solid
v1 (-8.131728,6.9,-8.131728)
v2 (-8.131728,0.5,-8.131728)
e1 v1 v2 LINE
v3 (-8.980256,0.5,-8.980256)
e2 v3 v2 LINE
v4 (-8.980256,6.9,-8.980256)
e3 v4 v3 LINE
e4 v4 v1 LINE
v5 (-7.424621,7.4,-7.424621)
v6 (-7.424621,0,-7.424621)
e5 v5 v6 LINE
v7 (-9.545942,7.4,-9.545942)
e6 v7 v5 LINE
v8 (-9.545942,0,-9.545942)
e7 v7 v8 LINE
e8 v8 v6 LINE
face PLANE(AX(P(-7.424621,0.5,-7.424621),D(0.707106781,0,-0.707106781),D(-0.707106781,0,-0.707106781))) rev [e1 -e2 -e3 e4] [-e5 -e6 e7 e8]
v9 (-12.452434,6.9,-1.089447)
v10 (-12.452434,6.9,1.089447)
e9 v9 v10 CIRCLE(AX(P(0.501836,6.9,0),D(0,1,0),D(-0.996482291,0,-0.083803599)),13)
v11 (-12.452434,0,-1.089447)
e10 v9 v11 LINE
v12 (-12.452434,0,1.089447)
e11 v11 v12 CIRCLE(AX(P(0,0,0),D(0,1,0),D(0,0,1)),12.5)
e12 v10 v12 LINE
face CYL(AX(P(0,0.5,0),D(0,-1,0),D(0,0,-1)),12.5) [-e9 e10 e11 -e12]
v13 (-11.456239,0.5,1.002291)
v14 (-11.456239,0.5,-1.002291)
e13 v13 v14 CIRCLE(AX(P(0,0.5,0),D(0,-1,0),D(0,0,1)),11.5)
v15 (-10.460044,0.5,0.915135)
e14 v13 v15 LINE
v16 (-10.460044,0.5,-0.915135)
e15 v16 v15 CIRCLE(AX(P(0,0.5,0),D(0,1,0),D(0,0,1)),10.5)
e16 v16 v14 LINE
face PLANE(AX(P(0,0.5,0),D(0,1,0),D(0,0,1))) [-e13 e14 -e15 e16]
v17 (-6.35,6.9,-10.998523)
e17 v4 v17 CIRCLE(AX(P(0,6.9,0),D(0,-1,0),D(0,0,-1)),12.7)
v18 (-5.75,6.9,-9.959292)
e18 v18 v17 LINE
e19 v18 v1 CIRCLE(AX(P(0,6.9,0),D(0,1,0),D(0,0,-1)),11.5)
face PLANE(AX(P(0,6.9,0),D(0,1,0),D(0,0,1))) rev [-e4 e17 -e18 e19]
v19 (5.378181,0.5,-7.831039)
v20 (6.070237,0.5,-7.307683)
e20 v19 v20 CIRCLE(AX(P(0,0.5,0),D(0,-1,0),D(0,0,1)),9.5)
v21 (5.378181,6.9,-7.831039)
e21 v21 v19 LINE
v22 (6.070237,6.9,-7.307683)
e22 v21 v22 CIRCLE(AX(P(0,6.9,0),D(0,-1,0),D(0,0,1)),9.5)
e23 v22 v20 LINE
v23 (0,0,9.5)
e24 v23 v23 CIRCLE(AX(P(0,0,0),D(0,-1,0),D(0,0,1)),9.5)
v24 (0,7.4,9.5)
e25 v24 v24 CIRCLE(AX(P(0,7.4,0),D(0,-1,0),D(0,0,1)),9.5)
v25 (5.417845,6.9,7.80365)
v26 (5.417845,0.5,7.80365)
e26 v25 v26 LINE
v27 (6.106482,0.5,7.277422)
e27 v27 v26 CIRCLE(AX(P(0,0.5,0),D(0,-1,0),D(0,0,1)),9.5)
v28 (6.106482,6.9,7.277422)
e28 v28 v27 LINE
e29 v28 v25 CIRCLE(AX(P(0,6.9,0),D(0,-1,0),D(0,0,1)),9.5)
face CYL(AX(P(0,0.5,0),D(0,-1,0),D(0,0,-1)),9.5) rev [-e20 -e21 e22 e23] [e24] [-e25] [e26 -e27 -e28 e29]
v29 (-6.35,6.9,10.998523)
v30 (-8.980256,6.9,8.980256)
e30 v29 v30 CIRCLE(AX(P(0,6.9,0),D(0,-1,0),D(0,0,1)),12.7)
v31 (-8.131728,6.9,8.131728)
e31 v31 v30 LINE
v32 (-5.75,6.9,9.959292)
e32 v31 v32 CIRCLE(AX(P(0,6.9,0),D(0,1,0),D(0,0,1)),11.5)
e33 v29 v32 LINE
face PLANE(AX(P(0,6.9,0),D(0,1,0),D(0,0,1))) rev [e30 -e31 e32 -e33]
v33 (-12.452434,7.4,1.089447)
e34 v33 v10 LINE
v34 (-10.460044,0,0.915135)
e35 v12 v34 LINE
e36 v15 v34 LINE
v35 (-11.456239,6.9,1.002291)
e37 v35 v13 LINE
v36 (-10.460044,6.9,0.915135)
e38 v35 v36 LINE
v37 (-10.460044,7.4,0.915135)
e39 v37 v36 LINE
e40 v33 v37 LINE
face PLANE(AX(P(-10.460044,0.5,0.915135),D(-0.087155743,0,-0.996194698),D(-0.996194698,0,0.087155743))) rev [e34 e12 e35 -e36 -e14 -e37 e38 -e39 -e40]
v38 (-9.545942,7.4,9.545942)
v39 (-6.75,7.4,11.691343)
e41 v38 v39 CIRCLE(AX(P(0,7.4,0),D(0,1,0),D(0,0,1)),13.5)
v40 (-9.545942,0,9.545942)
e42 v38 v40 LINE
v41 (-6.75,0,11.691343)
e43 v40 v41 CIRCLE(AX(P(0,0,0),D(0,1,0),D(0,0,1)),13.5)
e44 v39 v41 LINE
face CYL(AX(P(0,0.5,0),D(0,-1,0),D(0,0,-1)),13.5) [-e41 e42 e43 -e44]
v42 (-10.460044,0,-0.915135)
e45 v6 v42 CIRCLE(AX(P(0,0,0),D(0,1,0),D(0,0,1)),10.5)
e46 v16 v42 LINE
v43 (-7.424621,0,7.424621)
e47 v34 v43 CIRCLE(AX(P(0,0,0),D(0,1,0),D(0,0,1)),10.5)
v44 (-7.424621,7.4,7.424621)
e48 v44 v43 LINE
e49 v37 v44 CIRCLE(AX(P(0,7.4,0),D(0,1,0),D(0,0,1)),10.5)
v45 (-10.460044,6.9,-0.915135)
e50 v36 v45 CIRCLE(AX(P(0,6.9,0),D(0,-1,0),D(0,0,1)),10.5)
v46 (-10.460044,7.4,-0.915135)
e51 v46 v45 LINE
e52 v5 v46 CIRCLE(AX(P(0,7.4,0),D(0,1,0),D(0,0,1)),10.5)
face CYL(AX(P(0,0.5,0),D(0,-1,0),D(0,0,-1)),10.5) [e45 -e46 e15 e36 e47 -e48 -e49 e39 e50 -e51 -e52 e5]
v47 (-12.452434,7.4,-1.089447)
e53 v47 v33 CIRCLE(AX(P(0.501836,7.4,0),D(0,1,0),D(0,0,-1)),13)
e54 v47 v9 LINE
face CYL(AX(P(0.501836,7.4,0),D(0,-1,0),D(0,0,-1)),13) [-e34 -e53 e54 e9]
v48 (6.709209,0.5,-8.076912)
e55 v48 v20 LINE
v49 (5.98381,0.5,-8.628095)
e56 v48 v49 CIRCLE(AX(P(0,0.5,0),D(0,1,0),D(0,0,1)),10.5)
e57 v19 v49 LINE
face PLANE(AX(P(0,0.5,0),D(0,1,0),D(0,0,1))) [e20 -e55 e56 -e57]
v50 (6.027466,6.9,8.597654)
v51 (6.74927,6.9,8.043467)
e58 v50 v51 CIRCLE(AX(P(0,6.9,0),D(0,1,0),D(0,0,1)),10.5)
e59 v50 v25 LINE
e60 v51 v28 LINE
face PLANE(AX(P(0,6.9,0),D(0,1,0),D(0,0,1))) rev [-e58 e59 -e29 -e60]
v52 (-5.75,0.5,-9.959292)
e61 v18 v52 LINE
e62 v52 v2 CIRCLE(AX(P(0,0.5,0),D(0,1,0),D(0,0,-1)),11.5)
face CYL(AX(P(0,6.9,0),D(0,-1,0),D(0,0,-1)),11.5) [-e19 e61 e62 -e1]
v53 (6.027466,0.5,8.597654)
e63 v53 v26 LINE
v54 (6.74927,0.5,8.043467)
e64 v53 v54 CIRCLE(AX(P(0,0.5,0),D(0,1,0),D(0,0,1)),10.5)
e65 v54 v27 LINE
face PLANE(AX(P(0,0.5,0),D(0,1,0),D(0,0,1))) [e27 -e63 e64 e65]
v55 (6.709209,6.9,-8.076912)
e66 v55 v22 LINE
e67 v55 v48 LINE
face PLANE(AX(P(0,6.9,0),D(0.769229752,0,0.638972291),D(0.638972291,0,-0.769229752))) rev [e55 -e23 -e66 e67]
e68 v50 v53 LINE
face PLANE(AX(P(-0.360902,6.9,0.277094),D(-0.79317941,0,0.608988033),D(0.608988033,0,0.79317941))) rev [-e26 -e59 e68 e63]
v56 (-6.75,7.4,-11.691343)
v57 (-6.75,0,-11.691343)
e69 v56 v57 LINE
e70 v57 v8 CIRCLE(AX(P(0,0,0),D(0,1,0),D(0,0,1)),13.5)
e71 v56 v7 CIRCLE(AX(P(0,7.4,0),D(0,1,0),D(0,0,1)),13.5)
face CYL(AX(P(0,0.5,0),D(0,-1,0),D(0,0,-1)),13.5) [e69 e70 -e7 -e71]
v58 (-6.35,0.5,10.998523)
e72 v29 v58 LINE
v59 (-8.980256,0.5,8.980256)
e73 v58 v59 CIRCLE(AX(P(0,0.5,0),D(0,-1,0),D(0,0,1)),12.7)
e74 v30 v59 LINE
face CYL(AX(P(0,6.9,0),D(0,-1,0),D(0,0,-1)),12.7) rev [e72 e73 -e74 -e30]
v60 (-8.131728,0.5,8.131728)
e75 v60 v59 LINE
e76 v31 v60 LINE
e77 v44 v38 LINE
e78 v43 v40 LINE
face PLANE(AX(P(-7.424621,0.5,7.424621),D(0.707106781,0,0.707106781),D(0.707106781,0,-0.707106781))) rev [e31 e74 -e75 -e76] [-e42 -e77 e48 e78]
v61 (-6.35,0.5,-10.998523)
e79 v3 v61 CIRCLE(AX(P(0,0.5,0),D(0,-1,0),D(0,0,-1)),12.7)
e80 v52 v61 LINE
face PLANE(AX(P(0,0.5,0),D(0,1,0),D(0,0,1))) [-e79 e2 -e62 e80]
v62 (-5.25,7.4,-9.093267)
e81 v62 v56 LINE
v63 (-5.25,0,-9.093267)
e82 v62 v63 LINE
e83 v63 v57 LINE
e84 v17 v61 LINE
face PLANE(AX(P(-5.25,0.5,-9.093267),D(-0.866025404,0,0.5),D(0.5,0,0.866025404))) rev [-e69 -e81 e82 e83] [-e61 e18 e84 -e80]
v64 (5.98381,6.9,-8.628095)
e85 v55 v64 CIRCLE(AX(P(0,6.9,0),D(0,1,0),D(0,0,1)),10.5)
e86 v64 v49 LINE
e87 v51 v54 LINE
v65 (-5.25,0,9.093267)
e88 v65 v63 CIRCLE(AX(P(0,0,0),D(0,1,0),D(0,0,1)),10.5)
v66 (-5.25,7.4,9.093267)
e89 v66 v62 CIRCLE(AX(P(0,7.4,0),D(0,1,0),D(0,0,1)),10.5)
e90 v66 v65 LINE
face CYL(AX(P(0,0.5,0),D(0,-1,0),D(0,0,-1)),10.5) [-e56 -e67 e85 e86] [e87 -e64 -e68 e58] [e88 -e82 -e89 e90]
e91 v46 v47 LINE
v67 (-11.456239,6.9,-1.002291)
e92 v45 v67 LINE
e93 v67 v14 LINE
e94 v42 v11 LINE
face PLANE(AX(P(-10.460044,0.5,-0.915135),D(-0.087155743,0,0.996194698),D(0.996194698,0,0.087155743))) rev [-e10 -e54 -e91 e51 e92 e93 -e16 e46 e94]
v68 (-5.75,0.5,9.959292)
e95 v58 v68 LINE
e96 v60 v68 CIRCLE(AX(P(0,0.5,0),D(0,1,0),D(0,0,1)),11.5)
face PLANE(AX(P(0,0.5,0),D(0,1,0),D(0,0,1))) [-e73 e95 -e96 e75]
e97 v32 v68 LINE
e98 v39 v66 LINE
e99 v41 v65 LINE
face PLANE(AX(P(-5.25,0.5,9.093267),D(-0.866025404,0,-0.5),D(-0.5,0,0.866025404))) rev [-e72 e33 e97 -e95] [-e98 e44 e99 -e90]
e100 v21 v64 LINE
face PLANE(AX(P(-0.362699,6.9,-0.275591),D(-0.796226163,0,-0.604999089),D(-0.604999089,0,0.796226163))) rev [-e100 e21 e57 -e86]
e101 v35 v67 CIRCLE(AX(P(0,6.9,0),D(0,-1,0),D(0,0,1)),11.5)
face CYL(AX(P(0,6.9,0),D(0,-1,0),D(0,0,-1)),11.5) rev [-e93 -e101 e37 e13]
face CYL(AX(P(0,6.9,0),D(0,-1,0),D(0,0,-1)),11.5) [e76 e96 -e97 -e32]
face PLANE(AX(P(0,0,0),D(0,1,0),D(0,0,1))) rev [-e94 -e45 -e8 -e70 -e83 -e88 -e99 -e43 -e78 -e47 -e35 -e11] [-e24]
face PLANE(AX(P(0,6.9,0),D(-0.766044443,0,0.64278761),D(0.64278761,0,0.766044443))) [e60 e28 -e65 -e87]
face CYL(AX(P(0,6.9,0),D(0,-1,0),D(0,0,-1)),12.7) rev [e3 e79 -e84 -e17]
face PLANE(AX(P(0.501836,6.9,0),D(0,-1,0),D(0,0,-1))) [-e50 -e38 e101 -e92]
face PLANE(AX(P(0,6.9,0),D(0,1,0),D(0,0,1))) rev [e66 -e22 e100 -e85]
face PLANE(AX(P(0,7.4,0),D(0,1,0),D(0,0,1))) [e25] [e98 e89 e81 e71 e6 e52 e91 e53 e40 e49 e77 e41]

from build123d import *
from build123d.topology import SkipClean

# Parameters (mm, degrees)
EXTRUDE_1_DEPTH = 0.5
EXTRUDE_2_DEPTH = 6.4
EXTRUDE_3_DEPTH = 0.5
EXTRUDE_START   = -7.4
EXTRUDE_6_DEPTH = 7.4
EXTRUDE_7_DEPTH = 6.4
EXTRUDE_8_DEPTH = 0.5


with BuildPart() as part:
    # 草图1 → 凸台-拉伸1 (new body)
    with BuildSketch(Plane(origin=(0, 0, 0), x_dir=(1, 0, 0), z_dir=(0, 1, 0))):
        with BuildLine():
            Line((10.46004433, 0.915135299), (9.463849632, 0.827979556))
            ThreePointArc((9.463849632, 0.827979556), (-9.5, 0), (9.463849632, -0.827979556))
            Line((9.463849632, -0.827979556), (10.46004433, -0.915135299))
            ThreePointArc((10.46004433, -0.915135299), (4.848360439, -9.313613748), (-5.25, -9.09326674))
            Line((-5.25, -9.09326674), (-6.75, -11.691342951))
            ThreePointArc((-6.75, -11.691342951), (-8.218279292, -10.710270094), (-9.545941546, -9.545941546))
            Line((-9.545941546, -9.545941546), (-7.424621202, -7.424621202))
            ThreePointArc((-7.424621202, -7.424621202), (-9.516231764, -4.437491748), (-10.46004433, -0.915135299))
            Line((-10.46004433, -0.915135299), (-12.452433726, -1.089446784))
            ThreePointArc((-12.452433726, -1.089446784), (-12.5, 0), (-12.452433726, 1.089446784))
            Line((-12.452433726, 1.089446784), (-10.46004433, 0.915135299))
            ThreePointArc((-10.46004433, 0.915135299), (-9.516231764, 4.437491748), (-7.424621202, 7.424621202))
            Line((-7.424621202, 7.424621202), (-9.545941546, 9.545941546))
            ThreePointArc((-9.545941546, 9.545941546), (-8.218279292, 10.710270094), (-6.75, 11.691342951))
            Line((-6.75, 11.691342951), (-5.25, 9.09326674))
            ThreePointArc((-5.25, 9.09326674), (4.848360439, 9.313613748), (10.46004433, 0.915135299))
        make_face()
    extrude(amount=EXTRUDE_1_DEPTH)

    # 草图10 → 凸台-拉伸2 (add)
    with BuildSketch(Plane(origin=(0, 0.5, 0), x_dir=(1, 0, 0), z_dir=(0, 1, 0))):
        with BuildLine():
            Line((9.463849632, -0.827979556), (10.46004433, -0.915135299))
            ThreePointArc((10.46004433, -0.915135299), (9.313613748, -4.848360439), (6.749269902, -8.043466653))
            Line((6.749269902, -8.043466653), (6.106482292, -7.27742221))
            ThreePointArc((6.106482292, -7.27742221), (8.426602915, -4.386611826), (9.463849632, -0.827979556))
        make_face()
        with BuildLine():
            Line((9.463849632, 0.827979556), (10.46004433, 0.915135299))
            ThreePointArc((10.46004433, 0.915135299), (9.301536339, 4.87149071), (6.709209057, 8.076912394))
            Line((6.709209057, 8.076912394), (6.070236766, 7.307682642))
            ThreePointArc((6.070236766, 7.307682642), (8.415675735, 4.407539214), (9.463849632, 0.827979556))
        make_face()
        with BuildLine():
            Line((6.027465556, -8.597654271), (5.417844557, -7.803650451))
            ThreePointArc((5.417844557, -7.803650451), (-9.49996943, -0.024100522), (5.378180831, 7.831038944))
            Line((5.378180831, 7.831038944), (5.983810171, 8.628094566))
            ThreePointArc((5.983810171, 8.628094566), (-10.499966281, -0.026610168), (6.027465556, -8.597654271))
        make_face()
    extrude(amount=EXTRUDE_2_DEPTH)

    # 草图11 → 凸台-拉伸3 (add)
    with SkipClean():  # the faces are left unmerged after this step: merging them gives an invalid solid
        with BuildSketch(Plane(origin=(0, 6.9, 0), x_dir=(1, 0, 0), z_dir=(0, 1, 0))):
            with BuildLine():
                Line((9.463849632, 0.827979556), (10.46004433, 0.915135299))
                ThreePointArc((10.46004433, 0.915135299), (-10.5, 0), (10.46004433, -0.915135299))
                Line((10.46004433, -0.915135299), (9.463849632, -0.827979556))
                ThreePointArc((9.463849632, -0.827979556), (-9.5, 0), (9.463849632, 0.827979556))
            make_face()
        extrude(amount=EXTRUDE_3_DEPTH)

    # 草图14 → 凸台-拉伸6 (add)
    with SkipClean():  # the faces are left unmerged after this step: merging them gives an invalid solid
        with BuildSketch(Plane(origin=(0, 7.4, 0), x_dir=(1, 0, 0), z_dir=(0, 1, 0)).offset(EXTRUDE_START)):
            with BuildLine():
                Line((9.463849632, 0.827979556), (10.46004433, 0.915135299))
                ThreePointArc((10.46004433, 0.915135299), (10.5, 0), (10.46004433, -0.915135299))
                Line((10.46004433, -0.915135299), (9.463849632, -0.827979556))
                ThreePointArc((9.463849632, -0.827979556), (9.5, 0), (9.463849632, 0.827979556))
            make_face()
        extrude(amount=EXTRUDE_6_DEPTH)

    # 草图12 → 凸台-拉伸7 (add)
    with SkipClean():  # the faces are left unmerged after this step: merging them gives an invalid solid
        with BuildSketch(Plane(origin=(0, 0.5, 0), x_dir=(1, 0, 0), z_dir=(0, 1, 0))):
            with BuildLine():
                Line((-12.452433726, 1.089446784), (-11.456239028, 1.002291042))
                ThreePointArc((-11.456239028, 1.002291042), (-11.5, 0), (-11.456239028, -1.002291042))
                Line((-11.456239028, -1.002291042), (-12.452433726, -1.089446784))
                ThreePointArc((-12.452433726, -1.089446784), (-12.5, 0), (-12.452433726, 1.089446784))
            make_face()
            with BuildLine():
                Line((-9.545941546, -9.545941546), (-8.980256121, -8.980256121))
                ThreePointArc((-8.980256121, -8.980256121), (-7.731270148, -10.075587422), (-6.35, -10.998522628))
                Line((-6.35, -10.998522628), (-6.75, -11.691342951))
                ThreePointArc((-6.75, -11.691342951), (-8.218279292, -10.710270094), (-9.545941546, -9.545941546))
            make_face()
            with BuildLine():
                Line((-7.424621202, -7.424621202), (-8.131727984, -8.131727984))
                ThreePointArc((-8.131727984, -8.131727984), (-7.000756434, -9.123563413), (-5.75, -9.959292144))
                Line((-5.75, -9.959292144), (-5.25, -9.09326674))
                ThreePointArc((-5.25, -9.09326674), (-6.391995005, -8.330210073), (-7.424621202, -7.424621202))
            make_face()
            with BuildLine():
                Line((-9.545941546, 9.545941546), (-8.980256121, 8.980256121))
                ThreePointArc((-8.980256121, 8.980256121), (-7.731270148, 10.075587422), (-6.35, 10.998522628))
                Line((-6.35, 10.998522628), (-6.75, 11.691342951))
                ThreePointArc((-6.75, 11.691342951), (-8.218279292, 10.710270094), (-9.545941546, 9.545941546))
            make_face()
            with BuildLine():
                Line((-7.424621202, 7.424621202), (-8.131727984, 8.131727984))
                ThreePointArc((-8.131727984, 8.131727984), (-7.000756434, 9.123563413), (-5.75, 9.959292144))
                Line((-5.75, 9.959292144), (-5.25, 9.09326674))
                ThreePointArc((-5.25, 9.09326674), (-6.391995005, 8.330210073), (-7.424621202, 7.424621202))
            make_face()
        extrude(amount=EXTRUDE_7_DEPTH)

    # 草图15 → 凸台-拉伸8 (add)
    with SkipClean():  # the faces are left unmerged after this step: merging them gives an invalid solid
        with BuildSketch(Plane(origin=(0, 6.9, 0), x_dir=(1, 0, 0), z_dir=(0, 1, 0))):
            with BuildLine():
                Line((-12.452433726, 1.089446784), (-10.46004433, 0.915135299))
                ThreePointArc((-10.46004433, 0.915135299), (-10.5, 0), (-10.46004433, -0.915135299))
                Line((-10.46004433, -0.915135299), (-12.452433726, -1.089446784))
                ThreePointArc((-12.452433726, -1.089446784), (-12.49816394, 0), (-12.452433726, 1.089446784))
            make_face()
            with BuildLine():
                Line((-9.545941546, -9.545941546), (-7.424621202, -7.424621202))
                ThreePointArc((-7.424621202, -7.424621202), (-6.391995005, -8.330210073), (-5.25, -9.09326674))
                Line((-5.25, -9.09326674), (-6.75, -11.691342951))
                ThreePointArc((-6.75, -11.691342951), (-8.218279292, -10.710270094), (-9.545941546, -9.545941546))
            make_face()
            with BuildLine():
                Line((-9.545941546, 9.545941546), (-7.424621202, 7.424621202))
                ThreePointArc((-7.424621202, 7.424621202), (-6.391995005, 8.330210073), (-5.25, 9.09326674))
                Line((-5.25, 9.09326674), (-6.75, 11.691342951))
                ThreePointArc((-6.75, 11.691342951), (-8.218279292, 10.710270094), (-9.545941546, 9.545941546))
            make_face()
        extrude(amount=EXTRUDE_8_DEPTH)


solid = part.part
